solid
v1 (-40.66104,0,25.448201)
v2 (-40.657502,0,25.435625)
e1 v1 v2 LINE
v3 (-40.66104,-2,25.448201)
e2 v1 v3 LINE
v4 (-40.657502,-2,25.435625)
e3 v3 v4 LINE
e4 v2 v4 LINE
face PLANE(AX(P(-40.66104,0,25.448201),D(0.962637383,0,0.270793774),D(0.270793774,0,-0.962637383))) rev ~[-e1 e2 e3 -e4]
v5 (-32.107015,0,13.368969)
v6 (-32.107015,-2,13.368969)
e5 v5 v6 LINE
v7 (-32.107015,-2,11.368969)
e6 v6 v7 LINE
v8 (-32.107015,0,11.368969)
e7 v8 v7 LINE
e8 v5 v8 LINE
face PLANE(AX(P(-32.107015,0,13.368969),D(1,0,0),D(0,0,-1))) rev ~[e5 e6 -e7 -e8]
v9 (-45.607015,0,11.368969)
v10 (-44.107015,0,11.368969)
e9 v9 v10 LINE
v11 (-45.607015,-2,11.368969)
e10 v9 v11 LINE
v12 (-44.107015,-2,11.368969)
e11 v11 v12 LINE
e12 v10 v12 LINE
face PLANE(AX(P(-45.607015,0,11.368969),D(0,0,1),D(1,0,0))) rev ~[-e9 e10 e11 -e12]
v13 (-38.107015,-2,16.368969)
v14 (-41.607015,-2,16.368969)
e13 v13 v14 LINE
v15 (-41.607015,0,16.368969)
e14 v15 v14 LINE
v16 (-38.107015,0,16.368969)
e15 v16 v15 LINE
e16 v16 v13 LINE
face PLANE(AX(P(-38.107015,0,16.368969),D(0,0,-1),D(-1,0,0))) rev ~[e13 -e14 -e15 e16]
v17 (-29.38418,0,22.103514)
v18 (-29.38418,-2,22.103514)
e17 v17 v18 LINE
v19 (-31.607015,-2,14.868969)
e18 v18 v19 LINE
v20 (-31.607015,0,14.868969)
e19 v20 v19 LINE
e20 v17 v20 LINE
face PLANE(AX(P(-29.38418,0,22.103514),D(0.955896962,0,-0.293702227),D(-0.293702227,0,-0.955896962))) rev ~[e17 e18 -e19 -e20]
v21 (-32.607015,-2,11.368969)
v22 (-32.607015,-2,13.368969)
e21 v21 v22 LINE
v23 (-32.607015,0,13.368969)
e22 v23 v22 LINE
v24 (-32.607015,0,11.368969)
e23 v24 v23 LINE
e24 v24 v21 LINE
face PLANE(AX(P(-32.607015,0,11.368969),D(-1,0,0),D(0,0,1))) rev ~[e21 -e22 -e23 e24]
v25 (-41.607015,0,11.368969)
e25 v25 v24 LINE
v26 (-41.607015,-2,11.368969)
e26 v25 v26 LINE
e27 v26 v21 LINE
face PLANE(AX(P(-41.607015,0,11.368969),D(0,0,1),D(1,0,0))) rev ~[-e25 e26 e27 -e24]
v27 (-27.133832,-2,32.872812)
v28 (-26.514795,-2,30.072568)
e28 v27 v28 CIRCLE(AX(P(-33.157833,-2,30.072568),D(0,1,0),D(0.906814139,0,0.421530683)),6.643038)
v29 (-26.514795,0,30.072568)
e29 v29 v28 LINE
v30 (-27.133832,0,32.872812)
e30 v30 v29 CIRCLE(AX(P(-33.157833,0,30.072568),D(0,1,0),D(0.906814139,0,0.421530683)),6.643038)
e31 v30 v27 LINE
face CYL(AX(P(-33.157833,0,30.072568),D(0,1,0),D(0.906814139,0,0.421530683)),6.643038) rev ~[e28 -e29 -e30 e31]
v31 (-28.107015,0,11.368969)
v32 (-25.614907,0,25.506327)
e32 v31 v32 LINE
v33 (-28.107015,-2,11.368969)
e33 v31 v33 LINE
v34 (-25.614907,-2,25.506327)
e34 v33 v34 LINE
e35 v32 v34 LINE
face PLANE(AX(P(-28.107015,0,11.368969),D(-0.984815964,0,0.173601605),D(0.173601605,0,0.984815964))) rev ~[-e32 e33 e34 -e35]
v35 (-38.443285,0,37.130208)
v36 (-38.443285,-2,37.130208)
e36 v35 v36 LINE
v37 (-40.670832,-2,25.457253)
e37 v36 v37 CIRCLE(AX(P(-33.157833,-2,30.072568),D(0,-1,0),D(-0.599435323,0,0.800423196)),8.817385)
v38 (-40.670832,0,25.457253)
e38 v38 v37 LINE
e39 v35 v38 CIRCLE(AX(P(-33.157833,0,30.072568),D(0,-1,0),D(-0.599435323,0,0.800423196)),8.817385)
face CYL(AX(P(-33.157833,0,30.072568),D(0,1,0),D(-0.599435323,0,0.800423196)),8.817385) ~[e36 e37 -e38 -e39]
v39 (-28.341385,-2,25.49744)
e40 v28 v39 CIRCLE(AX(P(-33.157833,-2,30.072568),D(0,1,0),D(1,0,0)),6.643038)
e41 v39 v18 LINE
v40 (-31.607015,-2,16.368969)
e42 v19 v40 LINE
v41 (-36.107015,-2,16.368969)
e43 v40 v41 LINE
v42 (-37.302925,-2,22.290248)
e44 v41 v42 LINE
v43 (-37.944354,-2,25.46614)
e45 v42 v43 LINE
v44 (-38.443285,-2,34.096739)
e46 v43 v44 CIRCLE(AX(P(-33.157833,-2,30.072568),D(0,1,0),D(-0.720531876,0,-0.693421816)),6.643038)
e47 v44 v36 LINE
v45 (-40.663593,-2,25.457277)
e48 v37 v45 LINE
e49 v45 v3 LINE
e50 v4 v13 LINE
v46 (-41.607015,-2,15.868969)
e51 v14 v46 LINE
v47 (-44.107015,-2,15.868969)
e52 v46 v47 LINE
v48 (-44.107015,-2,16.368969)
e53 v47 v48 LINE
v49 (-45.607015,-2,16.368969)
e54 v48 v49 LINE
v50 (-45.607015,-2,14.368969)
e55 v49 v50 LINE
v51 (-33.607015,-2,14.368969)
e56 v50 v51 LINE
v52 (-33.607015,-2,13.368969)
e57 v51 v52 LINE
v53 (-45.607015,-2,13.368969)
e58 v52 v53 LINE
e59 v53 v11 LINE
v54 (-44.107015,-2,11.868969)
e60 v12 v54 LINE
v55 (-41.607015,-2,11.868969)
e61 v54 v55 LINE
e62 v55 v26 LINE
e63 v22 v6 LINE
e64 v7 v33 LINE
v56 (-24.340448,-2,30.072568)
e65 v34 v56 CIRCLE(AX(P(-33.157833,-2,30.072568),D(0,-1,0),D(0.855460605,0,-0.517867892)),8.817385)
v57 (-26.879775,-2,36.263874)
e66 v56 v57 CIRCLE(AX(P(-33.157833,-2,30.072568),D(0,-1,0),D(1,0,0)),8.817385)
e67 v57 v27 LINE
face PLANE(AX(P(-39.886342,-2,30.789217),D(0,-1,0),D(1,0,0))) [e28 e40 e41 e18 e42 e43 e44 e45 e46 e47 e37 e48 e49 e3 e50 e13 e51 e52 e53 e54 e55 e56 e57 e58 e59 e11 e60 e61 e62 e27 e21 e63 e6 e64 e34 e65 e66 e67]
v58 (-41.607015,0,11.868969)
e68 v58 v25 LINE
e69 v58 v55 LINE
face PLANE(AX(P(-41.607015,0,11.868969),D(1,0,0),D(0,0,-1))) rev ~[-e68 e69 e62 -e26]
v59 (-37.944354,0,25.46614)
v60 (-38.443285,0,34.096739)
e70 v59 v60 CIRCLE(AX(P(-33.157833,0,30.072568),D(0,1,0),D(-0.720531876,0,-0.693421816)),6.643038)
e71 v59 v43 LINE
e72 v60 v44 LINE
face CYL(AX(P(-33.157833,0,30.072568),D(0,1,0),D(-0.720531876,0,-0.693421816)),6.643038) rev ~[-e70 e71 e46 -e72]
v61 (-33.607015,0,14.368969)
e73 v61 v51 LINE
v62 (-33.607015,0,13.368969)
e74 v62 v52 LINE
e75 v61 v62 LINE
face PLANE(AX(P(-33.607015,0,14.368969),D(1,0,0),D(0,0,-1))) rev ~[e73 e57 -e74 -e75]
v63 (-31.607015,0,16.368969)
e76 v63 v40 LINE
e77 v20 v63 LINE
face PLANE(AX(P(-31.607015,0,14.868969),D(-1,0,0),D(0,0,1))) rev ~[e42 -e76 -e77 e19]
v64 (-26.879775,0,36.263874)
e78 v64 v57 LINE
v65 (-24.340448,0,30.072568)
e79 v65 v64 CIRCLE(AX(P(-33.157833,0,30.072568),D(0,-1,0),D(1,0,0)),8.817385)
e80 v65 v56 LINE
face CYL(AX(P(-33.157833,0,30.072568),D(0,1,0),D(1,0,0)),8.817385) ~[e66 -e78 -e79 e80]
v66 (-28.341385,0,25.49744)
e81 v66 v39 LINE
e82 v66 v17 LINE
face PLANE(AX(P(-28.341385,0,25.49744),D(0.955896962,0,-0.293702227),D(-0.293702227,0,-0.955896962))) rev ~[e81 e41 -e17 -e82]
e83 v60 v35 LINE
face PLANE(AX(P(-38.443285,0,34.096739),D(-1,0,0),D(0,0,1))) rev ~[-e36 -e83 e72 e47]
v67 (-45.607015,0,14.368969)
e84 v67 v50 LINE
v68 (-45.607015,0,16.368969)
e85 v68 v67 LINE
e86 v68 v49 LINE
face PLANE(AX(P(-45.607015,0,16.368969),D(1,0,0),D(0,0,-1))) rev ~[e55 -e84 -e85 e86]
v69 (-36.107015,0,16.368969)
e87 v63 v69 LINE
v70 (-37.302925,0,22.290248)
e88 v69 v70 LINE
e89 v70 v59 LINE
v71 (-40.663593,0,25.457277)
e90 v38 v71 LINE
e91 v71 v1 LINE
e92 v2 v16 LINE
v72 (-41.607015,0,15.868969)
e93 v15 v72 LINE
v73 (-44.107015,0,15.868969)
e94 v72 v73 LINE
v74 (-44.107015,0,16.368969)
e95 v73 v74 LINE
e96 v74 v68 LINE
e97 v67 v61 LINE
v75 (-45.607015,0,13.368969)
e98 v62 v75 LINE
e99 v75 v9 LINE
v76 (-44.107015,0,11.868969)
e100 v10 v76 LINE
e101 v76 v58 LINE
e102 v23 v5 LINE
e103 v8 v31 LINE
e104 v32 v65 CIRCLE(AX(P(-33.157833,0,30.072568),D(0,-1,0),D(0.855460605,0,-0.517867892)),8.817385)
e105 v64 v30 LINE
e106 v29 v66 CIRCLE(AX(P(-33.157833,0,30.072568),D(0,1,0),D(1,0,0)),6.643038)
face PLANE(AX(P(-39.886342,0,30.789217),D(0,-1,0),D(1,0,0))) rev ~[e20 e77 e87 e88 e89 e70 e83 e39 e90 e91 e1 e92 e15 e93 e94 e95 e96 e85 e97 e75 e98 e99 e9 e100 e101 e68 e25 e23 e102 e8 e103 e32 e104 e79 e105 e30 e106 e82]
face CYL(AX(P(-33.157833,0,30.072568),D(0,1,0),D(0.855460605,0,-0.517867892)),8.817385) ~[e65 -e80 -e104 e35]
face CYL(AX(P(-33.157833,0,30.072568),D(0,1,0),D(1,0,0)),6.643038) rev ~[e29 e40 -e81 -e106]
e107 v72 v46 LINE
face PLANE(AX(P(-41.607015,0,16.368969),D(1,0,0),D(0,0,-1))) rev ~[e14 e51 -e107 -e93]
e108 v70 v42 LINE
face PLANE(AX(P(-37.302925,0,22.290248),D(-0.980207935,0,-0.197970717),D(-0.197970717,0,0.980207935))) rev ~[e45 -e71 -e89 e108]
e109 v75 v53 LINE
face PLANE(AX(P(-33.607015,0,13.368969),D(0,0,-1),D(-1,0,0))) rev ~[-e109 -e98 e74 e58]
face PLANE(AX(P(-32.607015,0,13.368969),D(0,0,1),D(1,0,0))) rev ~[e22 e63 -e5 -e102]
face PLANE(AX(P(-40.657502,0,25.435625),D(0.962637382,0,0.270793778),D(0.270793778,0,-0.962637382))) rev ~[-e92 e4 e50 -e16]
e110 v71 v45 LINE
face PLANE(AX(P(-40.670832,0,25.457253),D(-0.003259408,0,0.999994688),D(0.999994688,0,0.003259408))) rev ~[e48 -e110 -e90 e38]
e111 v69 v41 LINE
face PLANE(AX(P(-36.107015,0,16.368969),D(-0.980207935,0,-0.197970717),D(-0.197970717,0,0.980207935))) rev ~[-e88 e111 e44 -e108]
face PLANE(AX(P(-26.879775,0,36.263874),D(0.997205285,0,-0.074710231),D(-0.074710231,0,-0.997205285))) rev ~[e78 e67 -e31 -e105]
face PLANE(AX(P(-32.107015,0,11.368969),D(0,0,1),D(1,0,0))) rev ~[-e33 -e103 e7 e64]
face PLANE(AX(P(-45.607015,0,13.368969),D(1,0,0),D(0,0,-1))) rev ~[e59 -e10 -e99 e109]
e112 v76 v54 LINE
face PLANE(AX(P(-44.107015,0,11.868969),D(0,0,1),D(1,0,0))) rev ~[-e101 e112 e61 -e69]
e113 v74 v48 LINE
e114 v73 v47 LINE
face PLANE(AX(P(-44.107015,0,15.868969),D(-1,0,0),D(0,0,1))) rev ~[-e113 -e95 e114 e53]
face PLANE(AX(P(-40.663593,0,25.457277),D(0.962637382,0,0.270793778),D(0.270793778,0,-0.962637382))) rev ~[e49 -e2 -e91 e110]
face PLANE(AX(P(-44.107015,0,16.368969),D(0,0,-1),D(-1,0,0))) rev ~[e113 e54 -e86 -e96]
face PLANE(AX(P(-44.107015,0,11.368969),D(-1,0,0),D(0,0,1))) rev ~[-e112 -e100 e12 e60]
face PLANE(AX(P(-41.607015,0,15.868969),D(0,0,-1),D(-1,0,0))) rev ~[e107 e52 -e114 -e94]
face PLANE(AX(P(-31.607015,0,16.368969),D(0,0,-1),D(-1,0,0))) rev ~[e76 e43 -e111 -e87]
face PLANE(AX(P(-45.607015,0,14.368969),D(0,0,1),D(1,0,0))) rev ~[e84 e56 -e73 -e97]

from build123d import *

# Parameters (mm, degrees)
F1_DEPTH = 2


with BuildPart() as f1:
    # F0 (on Front) → F1 (new body)
    with BuildSketch(Plane.XZ):
        with BuildLine():
            ThreePointArc((-38.4432851938, 37.1302077967), (-41.8189272985, 31.7253624753), (-40.6708321656, 25.4572534994))
            Line((-40.6708321656, 25.4572534994), (-40.6635933433, 25.4572770938))
            Line((-40.6635933433, 25.4572770938), (-37.9443538187, 25.4661402565))
            ThreePointArc((-37.9443538187, 25.4661402565), (-39.7897986845, 29.6891767659), (-38.4432851938, 34.0967390777))
            Line((-38.4432851938, 34.0967390777), (-38.4432851938, 37.1302077967))
        make_face()
        with BuildLine():
            ThreePointArc((-24.3404475114, 30.0725679845), (-24.9999427639, 33.418477972), (-26.8797747894, 36.2638741112))
            Line((-26.8797747894, 36.2638741112), (-27.1338318028, 32.8728124835))
            ThreePointArc((-27.1338318028, 32.8728124835), (-26.6713997999, 31.5064940955), (-26.5147945554, 30.0725679845))
            ThreePointArc((-26.5147945554, 30.0725679845), (-26.9883189893, 27.6094284081), (-28.3413854132, 25.4974404311))
            Line((-28.3413854132, 25.4974404311), (-25.6149070662, 25.5063271883))
            ThreePointArc((-25.6149070662, 25.5063271883), (-24.6650368609, 27.7021881539), (-24.3404475114, 30.0725679845))
        make_face()
        with BuildLine():
            Line((-28.3413854132, 25.4974404311), (-29.3841796517, 22.103513683))
            ThreePointArc((-29.3841796517, 22.103513683), (-27.2492776233, 23.5277028406), (-25.6149070662, 25.5063271883))
            Line((-25.6149070662, 25.5063271883), (-28.3413854132, 25.4974404311))
        make_face()
        with BuildLine():
            Line((-40.6610403277, 25.4482014486), (-40.6575024619, 25.4356247862))
            ThreePointArc((-40.6575024619, 25.4356247862), (-39.1888748371, 23.6403973669), (-37.3029250496, 22.2902484912))
            Line((-37.3029250496, 22.2902484912), (-37.9443538187, 25.4661402565))
            Line((-37.9443538187, 25.4661402565), (-40.6635933433, 25.4572770938))
            Line((-40.6635933433, 25.4572770938), (-40.6610403277, 25.4482014486))
        make_face()
        with BuildLine():
            Line((-40.6575024619, 25.4356247862), (-38.1070154905, 16.368968524))
            Line((-38.1070154905, 16.368968524), (-36.1070154905, 16.368968524))
            Line((-36.1070154905, 16.368968524), (-37.3029250496, 22.2902484912))
            ThreePointArc((-37.3029250496, 22.2902484912), (-39.1888748371, 23.6403973669), (-40.6575024619, 25.4356247862))
        make_face()
        with BuildLine():
            Line((-44.1070154905, 16.368968524), (-45.6070154905, 16.368968524))
            Line((-45.6070154905, 16.368968524), (-45.6070154905, 14.368968524))
            Line((-45.6070154905, 14.368968524), (-33.6070154905, 14.368968524))
            Line((-33.6070154905, 14.368968524), (-33.6070154905, 13.368968524))
            Line((-33.6070154905, 13.368968524), (-45.6070154905, 13.368968524))
            Line((-45.6070154905, 13.368968524), (-45.6070154905, 11.368968524))
            Line((-45.6070154905, 11.368968524), (-44.1070154905, 11.368968524))
            Line((-44.1070154905, 11.368968524), (-44.1070154905, 11.868968524))
            Line((-44.1070154905, 11.868968524), (-41.6070154905, 11.868968524))
            Line((-41.6070154905, 11.868968524), (-41.6070154905, 11.368968524))
            Line((-41.6070154905, 11.368968524), (-32.6070154905, 11.368968524))
            Line((-32.6070154905, 11.368968524), (-32.6070154905, 13.368968524))
            Line((-32.6070154905, 13.368968524), (-32.1070154905, 13.368968524))
            Line((-32.1070154905, 13.368968524), (-32.1070154905, 11.368968524))
            Line((-32.1070154905, 11.368968524), (-28.1070154905, 11.368968524))
            Line((-28.1070154905, 11.368968524), (-25.6149070662, 25.5063271883))
            ThreePointArc((-25.6149070662, 25.5063271883), (-27.2492776233, 23.5277028406), (-29.3841796517, 22.103513683))
            Line((-29.3841796517, 22.103513683), (-31.6070154905, 14.868968524))
            Line((-31.6070154905, 14.868968524), (-31.6070154905, 16.368968524))
            Line((-31.6070154905, 16.368968524), (-33.6070154905, 16.368968524))
            Line((-33.6070154905, 16.368968524), (-36.1070154905, 16.368968524))
            Line((-36.1070154905, 16.368968524), (-38.1070154905, 16.368968524))
            Line((-38.1070154905, 16.368968524), (-41.6070154905, 16.368968524))
            Line((-41.6070154905, 16.368968524), (-41.6070154905, 15.868968524))
            Line((-41.6070154905, 15.868968524), (-44.1070154905, 15.868968524))
            Line((-44.1070154905, 15.868968524), (-44.1070154905, 16.368968524))
        make_face()
    extrude(amount=F1_DEPTH)


solid = f1.part
